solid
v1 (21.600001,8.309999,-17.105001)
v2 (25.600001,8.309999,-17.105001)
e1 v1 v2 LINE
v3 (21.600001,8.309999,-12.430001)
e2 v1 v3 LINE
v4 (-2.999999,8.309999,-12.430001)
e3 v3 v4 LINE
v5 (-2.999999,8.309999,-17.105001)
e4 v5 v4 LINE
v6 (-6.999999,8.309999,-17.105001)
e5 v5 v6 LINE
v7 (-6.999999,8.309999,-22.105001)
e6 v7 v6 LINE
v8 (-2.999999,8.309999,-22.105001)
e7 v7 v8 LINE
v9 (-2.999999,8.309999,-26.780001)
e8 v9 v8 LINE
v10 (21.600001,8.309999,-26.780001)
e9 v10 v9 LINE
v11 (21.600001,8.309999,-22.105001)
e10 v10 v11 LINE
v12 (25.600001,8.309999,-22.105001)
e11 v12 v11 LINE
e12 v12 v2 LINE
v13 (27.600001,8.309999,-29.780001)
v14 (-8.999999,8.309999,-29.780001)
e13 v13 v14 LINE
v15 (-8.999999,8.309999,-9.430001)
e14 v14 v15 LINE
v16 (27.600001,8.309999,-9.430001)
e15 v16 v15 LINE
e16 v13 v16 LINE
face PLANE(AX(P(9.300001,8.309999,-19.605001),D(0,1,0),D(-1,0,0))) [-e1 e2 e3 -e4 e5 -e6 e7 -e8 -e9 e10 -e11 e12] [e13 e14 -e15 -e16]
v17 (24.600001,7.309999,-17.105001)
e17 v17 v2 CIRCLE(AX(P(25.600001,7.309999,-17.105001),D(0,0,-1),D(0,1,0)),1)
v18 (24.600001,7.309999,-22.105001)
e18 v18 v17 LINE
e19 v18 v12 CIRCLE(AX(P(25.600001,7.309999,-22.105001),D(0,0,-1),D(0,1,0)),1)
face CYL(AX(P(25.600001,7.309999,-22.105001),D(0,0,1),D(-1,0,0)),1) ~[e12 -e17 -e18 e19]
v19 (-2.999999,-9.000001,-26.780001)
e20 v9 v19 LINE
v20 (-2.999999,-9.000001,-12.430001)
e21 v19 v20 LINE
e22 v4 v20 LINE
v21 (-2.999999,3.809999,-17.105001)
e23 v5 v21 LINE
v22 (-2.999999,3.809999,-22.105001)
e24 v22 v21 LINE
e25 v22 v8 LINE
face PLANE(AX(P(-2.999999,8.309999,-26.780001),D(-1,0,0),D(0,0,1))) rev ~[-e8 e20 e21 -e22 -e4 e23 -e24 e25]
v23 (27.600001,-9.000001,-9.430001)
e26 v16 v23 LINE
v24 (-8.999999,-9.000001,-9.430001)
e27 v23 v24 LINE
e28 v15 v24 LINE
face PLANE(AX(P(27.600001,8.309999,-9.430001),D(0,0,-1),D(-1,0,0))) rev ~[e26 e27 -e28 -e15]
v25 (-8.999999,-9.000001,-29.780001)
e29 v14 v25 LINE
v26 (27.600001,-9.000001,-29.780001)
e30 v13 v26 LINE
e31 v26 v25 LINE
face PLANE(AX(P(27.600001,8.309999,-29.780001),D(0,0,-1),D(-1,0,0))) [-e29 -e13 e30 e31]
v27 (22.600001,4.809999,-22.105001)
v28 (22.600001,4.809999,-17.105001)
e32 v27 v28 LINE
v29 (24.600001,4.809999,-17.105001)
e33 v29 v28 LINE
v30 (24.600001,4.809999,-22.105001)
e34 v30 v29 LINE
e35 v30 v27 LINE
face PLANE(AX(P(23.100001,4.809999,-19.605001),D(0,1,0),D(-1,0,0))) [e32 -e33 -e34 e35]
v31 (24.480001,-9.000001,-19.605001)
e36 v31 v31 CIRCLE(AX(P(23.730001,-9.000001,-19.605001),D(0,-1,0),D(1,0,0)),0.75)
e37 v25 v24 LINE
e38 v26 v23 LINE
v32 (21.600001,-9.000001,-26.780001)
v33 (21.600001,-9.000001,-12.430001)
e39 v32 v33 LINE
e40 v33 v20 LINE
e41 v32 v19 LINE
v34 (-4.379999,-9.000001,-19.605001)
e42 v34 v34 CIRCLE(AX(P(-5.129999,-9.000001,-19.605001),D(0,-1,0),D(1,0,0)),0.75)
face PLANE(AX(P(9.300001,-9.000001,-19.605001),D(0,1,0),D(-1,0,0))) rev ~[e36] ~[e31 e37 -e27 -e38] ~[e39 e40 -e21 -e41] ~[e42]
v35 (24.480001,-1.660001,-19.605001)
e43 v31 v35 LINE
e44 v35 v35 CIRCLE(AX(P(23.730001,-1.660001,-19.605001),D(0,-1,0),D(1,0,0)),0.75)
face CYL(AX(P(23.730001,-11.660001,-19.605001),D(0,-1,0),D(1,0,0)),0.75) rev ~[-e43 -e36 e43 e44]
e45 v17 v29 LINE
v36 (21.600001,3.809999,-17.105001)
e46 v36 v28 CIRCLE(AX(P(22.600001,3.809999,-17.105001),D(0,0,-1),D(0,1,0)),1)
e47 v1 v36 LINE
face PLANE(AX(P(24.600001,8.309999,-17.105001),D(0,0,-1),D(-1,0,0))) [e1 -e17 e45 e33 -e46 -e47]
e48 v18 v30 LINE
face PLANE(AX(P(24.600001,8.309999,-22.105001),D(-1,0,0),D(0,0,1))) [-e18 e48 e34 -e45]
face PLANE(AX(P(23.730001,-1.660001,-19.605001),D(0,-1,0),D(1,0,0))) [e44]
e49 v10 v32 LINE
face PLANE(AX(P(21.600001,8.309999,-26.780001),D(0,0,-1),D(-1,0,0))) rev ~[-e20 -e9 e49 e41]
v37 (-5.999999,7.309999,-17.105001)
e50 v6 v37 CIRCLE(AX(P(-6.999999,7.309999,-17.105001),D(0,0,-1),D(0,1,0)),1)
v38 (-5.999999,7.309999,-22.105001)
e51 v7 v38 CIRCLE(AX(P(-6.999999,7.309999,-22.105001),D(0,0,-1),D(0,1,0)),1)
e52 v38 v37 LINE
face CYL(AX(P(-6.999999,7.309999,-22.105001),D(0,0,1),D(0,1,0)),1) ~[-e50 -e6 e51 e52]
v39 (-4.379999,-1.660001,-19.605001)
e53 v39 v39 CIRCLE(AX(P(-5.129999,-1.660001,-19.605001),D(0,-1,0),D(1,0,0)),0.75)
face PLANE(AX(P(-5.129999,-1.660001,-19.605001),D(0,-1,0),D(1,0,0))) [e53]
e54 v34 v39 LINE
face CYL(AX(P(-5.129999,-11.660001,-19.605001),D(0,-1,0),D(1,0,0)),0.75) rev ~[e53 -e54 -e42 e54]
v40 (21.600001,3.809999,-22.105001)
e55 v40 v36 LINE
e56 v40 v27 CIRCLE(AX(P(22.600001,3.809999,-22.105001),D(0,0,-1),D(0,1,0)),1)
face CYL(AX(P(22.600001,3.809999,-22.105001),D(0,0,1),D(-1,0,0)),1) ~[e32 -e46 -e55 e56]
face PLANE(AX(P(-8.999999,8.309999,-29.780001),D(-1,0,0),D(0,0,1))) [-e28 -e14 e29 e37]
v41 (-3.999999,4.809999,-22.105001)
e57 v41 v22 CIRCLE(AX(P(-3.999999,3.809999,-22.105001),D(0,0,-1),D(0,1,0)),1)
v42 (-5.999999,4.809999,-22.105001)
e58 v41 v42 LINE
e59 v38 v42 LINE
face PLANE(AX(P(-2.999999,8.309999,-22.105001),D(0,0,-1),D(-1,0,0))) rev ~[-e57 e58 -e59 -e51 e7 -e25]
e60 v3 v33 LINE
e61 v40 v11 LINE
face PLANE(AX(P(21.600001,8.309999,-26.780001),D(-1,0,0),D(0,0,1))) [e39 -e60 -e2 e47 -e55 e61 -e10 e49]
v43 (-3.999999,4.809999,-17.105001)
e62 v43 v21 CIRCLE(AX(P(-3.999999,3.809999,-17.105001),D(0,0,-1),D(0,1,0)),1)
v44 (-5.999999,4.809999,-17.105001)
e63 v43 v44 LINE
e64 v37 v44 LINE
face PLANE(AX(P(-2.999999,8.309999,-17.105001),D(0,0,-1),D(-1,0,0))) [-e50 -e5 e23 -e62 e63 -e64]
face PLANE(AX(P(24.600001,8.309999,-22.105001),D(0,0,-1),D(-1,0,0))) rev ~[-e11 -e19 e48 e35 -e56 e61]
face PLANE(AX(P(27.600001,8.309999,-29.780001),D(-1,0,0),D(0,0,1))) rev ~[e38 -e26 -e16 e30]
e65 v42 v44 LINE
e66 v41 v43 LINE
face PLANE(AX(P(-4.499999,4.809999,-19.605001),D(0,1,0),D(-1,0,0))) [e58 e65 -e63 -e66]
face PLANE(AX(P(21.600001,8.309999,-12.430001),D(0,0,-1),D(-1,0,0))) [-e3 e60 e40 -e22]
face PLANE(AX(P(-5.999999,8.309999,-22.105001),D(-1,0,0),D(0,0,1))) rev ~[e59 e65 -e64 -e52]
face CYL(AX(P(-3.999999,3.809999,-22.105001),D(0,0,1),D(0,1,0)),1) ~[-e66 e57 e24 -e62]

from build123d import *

# Parameters (mm, degrees)
SKETCH046_W             = 36.6
SKETCH046_H             = 20.35
SKETCH046_W_2           = 24.6
SKETCH046_H_2           = 14.35
PAD024_DEPTH            = 17.31
SKETCH048_R             = 0.75
POCKET018_DEPTH         = 10
SKETCH047_W             = 3
SKETCH047_H             = 5
POCKET017_DEPTH         = 3.5
FILLET026_R             = 1
FILLET024_R             = 1
FILLET028_R             = 1
FILLET027_R             = 1
BODY012_PLACEMENT_ANGLE = 180


with BuildPart() as part:
    # Sketch046 (on Face1 of ReferencePocket007) → Pad024 (new body)
    with BuildSketch(Plane.XZ):
        with Locations((11.3, 6.175)):
            Rectangle(SKETCH046_W, SKETCH046_H)
        with Locations((11.3, 6.175)):
            Rectangle(SKETCH046_W_2, SKETCH046_H_2, mode=Mode.SUBTRACT)
    extrude(amount=-PAD024_DEPTH)

    # Sketch048 (on Face10 of Pad025) → Pocket018 (cut)
    with BuildSketch(Plane(origin=(0, 19.97, 0), x_dir=(-1, 0, 0), z_dir=(0, 1, 0))):
        with Locations((-25.73, 6.175)):
            Circle(SKETCH048_R)
        with Locations((3.13, 6.175)):
            Circle(SKETCH048_R)
    extrude(amount=-POCKET018_DEPTH, mode=Mode.SUBTRACT)

    # Sketch047 (on Face4 of Pocket018) → Pocket017 (cut)
    with BuildSketch(Plane.XZ):
        with Locations((-2.5, 6.175)):
            Rectangle(SKETCH047_W, SKETCH047_H)
        with Locations((25.1, 6.175)):
            Rectangle(SKETCH047_W, SKETCH047_H)
    extrude(amount=-POCKET017_DEPTH, mode=Mode.SUBTRACT)

    # Fillet026
    fillet026_edges = [part.edges().sort_by_distance(p)[0] for p in [
        (26.6, 0, 6.175),
    ]]
    fillet(fillet026_edges, radius=FILLET026_R)

    # Fillet024
    fillet024_edges = [part.edges().sort_by_distance(p)[0] for p in [
        (23.6, 3.5, 6.175),
    ]]
    fillet(fillet024_edges, radius=FILLET024_R)

    # Fillet028
    fillet028_edges = [part.edges().sort_by_distance(p)[0] for p in [
        (-1, 3.5, 6.175),
    ]]
    fillet(fillet028_edges, radius=FILLET028_R)

    # Fillet027
    fillet027_edges = [part.edges().sort_by_distance(p)[0] for p in [
        (-4, 0, 6.175),
    ]]
    fillet(fillet027_edges, radius=FILLET027_R)


with BuildPart() as part_1:
    # Body012 placement: moved
    add(part.part.moved(Location((20.600001, 8.309999, -25.780001))).rotate(Axis((20.600001, 8.309999, -25.780001), (0, 0, 1)), BODY012_PLACEMENT_ANGLE))


solid = part_1.part
